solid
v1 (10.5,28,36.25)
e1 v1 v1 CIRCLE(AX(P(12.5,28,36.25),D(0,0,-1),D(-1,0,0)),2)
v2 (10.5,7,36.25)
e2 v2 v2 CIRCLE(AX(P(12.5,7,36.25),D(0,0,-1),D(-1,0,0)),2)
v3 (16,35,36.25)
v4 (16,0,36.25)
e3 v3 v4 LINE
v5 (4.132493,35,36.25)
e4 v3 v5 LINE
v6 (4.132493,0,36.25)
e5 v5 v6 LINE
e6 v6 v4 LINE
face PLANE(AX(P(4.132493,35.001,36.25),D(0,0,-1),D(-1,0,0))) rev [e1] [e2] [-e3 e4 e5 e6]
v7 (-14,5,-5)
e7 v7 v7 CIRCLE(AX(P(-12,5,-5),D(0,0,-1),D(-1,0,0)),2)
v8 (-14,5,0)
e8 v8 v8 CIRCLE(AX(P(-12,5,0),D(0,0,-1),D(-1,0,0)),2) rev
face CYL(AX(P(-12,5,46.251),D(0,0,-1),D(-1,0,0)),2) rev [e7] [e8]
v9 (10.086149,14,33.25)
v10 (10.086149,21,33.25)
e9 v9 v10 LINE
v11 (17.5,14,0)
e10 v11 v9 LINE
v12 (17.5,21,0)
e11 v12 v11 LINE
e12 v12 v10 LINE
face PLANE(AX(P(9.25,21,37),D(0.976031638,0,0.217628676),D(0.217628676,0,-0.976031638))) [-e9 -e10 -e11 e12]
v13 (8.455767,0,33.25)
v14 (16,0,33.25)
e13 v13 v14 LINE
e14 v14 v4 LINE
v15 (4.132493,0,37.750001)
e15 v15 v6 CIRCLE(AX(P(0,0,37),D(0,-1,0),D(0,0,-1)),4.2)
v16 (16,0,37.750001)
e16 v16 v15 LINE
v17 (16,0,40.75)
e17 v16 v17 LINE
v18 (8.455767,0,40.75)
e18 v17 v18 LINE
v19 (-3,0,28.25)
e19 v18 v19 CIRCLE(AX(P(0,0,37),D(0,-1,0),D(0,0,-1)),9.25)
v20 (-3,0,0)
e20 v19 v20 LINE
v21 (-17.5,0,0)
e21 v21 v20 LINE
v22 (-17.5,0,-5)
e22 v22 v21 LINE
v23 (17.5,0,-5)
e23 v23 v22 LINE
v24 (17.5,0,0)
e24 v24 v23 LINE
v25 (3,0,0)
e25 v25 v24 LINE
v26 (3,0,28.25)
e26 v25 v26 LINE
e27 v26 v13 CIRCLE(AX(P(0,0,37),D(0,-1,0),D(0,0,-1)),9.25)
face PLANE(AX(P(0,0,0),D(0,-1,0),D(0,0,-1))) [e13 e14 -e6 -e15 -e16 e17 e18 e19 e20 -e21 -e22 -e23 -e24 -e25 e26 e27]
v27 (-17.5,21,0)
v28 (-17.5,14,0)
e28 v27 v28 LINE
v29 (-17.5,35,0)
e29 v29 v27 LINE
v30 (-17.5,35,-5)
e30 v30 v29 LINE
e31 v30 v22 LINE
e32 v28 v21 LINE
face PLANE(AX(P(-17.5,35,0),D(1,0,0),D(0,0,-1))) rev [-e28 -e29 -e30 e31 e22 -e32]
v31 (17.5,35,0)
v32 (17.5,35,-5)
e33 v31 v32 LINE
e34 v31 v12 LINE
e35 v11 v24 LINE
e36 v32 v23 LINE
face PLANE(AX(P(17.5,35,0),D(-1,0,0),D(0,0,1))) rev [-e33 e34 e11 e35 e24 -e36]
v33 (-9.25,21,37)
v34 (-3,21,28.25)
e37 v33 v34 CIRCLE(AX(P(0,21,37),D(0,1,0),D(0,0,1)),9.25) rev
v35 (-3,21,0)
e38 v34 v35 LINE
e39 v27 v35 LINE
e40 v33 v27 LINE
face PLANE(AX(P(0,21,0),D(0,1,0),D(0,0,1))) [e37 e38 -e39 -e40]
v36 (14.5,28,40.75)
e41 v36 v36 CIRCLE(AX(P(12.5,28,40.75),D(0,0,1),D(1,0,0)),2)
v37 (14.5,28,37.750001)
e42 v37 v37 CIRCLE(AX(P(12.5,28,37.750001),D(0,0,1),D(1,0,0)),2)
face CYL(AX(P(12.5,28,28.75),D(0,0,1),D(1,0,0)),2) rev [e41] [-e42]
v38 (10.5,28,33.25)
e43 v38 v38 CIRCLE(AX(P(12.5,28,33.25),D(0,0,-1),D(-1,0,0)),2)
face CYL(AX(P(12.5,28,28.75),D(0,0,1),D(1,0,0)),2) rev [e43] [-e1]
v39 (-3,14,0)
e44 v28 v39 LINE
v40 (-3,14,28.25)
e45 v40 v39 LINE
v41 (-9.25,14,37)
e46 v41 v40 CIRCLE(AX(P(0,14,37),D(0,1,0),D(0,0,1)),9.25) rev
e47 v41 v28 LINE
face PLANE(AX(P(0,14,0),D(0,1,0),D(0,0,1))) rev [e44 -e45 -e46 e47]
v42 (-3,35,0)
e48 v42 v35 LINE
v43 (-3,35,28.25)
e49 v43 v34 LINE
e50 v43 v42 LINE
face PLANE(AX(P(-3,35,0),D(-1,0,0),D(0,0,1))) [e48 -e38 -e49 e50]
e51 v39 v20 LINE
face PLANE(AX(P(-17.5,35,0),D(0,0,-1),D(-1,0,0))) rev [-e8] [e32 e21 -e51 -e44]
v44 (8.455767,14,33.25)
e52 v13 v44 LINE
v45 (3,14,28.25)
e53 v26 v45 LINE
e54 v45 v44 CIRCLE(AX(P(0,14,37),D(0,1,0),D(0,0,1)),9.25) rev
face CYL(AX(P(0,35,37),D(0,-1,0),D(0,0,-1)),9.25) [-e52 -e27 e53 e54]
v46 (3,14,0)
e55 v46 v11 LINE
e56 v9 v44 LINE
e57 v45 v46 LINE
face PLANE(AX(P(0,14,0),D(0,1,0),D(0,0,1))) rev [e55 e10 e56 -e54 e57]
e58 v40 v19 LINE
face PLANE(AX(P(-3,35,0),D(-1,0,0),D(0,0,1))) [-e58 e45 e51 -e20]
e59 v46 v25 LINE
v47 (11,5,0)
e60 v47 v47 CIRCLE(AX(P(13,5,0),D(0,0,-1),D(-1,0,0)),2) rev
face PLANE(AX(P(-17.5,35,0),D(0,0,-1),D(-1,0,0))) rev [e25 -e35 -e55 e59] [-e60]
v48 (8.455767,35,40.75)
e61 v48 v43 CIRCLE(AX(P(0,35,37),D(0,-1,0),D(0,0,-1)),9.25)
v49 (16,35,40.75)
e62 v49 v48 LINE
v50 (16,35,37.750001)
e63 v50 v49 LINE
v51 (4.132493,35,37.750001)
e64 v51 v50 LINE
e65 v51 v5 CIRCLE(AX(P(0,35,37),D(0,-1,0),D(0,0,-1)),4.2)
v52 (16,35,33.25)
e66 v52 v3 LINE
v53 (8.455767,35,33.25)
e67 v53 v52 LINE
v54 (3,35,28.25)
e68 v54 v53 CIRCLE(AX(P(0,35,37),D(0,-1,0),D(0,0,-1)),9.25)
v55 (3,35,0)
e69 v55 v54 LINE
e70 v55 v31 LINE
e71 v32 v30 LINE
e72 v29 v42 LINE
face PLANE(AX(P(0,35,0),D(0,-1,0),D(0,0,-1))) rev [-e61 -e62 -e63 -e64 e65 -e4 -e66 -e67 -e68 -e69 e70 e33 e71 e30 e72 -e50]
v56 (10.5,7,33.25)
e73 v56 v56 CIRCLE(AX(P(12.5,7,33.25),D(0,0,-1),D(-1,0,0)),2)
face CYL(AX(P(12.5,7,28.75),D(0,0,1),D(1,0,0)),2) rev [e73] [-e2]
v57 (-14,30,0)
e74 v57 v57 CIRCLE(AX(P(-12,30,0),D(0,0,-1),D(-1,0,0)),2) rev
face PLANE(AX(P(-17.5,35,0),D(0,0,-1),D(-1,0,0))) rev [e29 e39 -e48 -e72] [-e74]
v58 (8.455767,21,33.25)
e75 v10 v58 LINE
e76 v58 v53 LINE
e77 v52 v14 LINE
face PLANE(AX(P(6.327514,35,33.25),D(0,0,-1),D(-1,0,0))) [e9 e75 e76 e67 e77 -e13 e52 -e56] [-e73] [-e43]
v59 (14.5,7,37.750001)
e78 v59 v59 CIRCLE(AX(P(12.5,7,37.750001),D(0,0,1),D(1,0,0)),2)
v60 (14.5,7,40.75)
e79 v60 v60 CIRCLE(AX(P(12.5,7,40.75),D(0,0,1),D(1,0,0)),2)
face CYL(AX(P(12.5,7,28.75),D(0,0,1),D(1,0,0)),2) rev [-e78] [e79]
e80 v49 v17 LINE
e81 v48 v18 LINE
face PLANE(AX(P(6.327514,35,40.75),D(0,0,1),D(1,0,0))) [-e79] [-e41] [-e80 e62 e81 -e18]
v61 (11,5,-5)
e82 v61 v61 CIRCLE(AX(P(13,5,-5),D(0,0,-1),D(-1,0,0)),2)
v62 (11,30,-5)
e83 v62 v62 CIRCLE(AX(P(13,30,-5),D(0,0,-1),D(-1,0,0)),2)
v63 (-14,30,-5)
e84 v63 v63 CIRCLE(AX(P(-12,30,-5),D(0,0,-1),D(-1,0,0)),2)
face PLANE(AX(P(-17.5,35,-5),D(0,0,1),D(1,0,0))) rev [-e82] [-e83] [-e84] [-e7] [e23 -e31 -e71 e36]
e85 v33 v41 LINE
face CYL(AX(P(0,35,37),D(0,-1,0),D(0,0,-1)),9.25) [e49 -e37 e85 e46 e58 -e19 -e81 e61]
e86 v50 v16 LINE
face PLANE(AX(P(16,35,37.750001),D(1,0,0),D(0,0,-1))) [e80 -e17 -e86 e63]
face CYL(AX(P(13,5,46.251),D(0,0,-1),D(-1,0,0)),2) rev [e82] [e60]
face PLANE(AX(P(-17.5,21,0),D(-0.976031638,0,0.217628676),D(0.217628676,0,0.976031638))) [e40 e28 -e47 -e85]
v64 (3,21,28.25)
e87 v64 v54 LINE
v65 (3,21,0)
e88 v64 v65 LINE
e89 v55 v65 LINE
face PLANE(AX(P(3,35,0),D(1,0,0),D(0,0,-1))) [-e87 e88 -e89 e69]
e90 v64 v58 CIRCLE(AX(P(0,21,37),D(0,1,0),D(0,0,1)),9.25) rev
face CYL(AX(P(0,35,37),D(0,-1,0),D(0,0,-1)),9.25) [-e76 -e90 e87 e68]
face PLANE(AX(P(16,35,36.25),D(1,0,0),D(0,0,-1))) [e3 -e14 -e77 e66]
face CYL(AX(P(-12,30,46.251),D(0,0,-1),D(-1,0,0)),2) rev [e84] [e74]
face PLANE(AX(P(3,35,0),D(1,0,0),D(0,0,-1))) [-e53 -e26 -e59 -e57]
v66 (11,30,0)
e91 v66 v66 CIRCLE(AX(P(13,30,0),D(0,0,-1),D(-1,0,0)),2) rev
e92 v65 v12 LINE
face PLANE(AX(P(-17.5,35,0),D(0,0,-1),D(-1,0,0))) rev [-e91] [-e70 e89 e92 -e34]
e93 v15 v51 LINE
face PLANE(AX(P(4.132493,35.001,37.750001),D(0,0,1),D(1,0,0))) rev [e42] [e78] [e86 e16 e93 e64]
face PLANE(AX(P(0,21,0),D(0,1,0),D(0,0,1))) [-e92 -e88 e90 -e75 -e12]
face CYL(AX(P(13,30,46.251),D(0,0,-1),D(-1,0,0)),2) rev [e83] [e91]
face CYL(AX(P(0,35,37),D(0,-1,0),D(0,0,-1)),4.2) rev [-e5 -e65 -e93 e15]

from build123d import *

# Parameters (mm, degrees)
SZKIC2_W                    = 35
SZKIC2_H                    = 5
DODANIE_WYCI_GNI_CIE1_DEPTH = 35
SZKIC3_R                    = 9.25
SZKIC3_R_2                  = 4.2
DODANIE_WYCI_GNI_CIE2_DEPTH = 35
SZKIC4_W                    = 6
SZKIC4_H                    = 30.71029356
DODANIE_WYCI_GNI_CIE3_DEPTH = 35
DODANIE_WYCI_GNI_CIE4_START = -14
DODANIE_WYCI_GNI_CIE4_DEPTH = 7
WYTNIJ_WYCI_GNI_CIE1_REACH  = 66.481
SZKIC7_R                    = 2
WYTNIJ_WYCI_GNI_CIE2_REACH  = 62.583
SZKIC8_W                    = 10.637888195
SZKIC8_H                    = 1.500000817
SZKIC11_W                   = 9.672485651
SZKIC11_H                   = 3
SZKIC11_H_2                 = 2.999999183
DODANIE_WYCI_GNI_CIE6_DEPTH = 35
SZKIC12_R                   = 2
WYTNIJ_WYCI_GNI_CIE4_DEPTH  = 12


with BuildPart() as part:
    # Szkic2 → Dodanie-wyciągnięcie1 (new body)
    with BuildSketch(Plane(origin=(0, 0, 0), x_dir=(1, 0, 0), z_dir=(0, 1, 0))):
        with Locations((0, 2.5)):
            Rectangle(SZKIC2_W, SZKIC2_H)
    extrude(amount=DODANIE_WYCI_GNI_CIE1_DEPTH)



with BuildPart() as body_2:
    # Szkic3 → Dodanie-wyciągnięcie2 (new body)
    with BuildSketch(Plane.XZ):
        with Locations(Location((0, 37, 0), (0, 0, 270))):
            Circle(SZKIC3_R)
        with Locations(Location((0, 37, 0), (0, 0, 270))):
            Circle(SZKIC3_R_2, mode=Mode.SUBTRACT)
    extrude(amount=-DODANIE_WYCI_GNI_CIE2_DEPTH)


with BuildPart() as part_1:
    add(part.part)

    add(body_2.part)  # Dodanie-wyciągnięcie3 merges body 2
    # Szkic4 → Dodanie-wyciągnięcie3 (add)
    with BuildSketch(Plane.XZ):
        with Locations((0, 15.35514678)):
            Rectangle(SZKIC4_W, SZKIC4_H)
    extrude(amount=-DODANIE_WYCI_GNI_CIE3_DEPTH)

    # Szkic5 → Dodanie-wyciągnięcie4 (add)
    with BuildSketch(Plane.XZ.offset(DODANIE_WYCI_GNI_CIE4_START)):
        Polygon((0, 0), (-17.5, 0), (-9.25, 37), (-3, 28.25), align=None)
        Polygon((3, 0), (3, 28.25), (9.25, 37), (17.5, 0), align=None)
    extrude(amount=-DODANIE_WYCI_GNI_CIE4_DEPTH)

    # Szkic7 → Wytnij-wyciągnięcie1 (cut, up to next)
    with BuildSketch(Plane(origin=(0, 0, -5), x_dir=(-1, 0, 0), z_dir=(0, 0, -1)), mode=Mode.PRIVATE) as wytnij_wyci_gni_cie1_sk1:
        with Locations((-13, 30)):
            Circle(SZKIC7_R)
    wytnij_wyci_gni_cie1_tool1 = extrude(wytnij_wyci_gni_cie1_sk1.sketch, amount=-WYTNIJ_WYCI_GNI_CIE1_REACH, mode=Mode.PRIVATE) & part_1.part
    # Szkic7 → Wytnij-wyciągnięcie1 (cut, up to next)
    with BuildSketch(Plane(origin=(0, 0, -5), x_dir=(-1, 0, 0), z_dir=(0, 0, -1)), mode=Mode.PRIVATE) as wytnij_wyci_gni_cie1_sk2:
        with Locations((12, 30)):
            Circle(SZKIC7_R)
    wytnij_wyci_gni_cie1_tool2 = extrude(wytnij_wyci_gni_cie1_sk2.sketch, amount=-WYTNIJ_WYCI_GNI_CIE1_REACH, mode=Mode.PRIVATE) & part_1.part
    # Szkic7 → Wytnij-wyciągnięcie1 (cut, up to next)
    with BuildSketch(Plane(origin=(0, 0, -5), x_dir=(-1, 0, 0), z_dir=(0, 0, -1)), mode=Mode.PRIVATE) as wytnij_wyci_gni_cie1_sk3:
        with Locations((12, 5)):
            Circle(SZKIC7_R)
    wytnij_wyci_gni_cie1_tool3 = extrude(wytnij_wyci_gni_cie1_sk3.sketch, amount=-WYTNIJ_WYCI_GNI_CIE1_REACH, mode=Mode.PRIVATE) & part_1.part
    # Szkic7 → Wytnij-wyciągnięcie1 (cut, up to next)
    with BuildSketch(Plane(origin=(0, 0, -5), x_dir=(-1, 0, 0), z_dir=(0, 0, -1)), mode=Mode.PRIVATE) as wytnij_wyci_gni_cie1_sk4:
        with Locations((-13, 5)):
            Circle(SZKIC7_R)
    wytnij_wyci_gni_cie1_tool4 = extrude(wytnij_wyci_gni_cie1_sk4.sketch, amount=-WYTNIJ_WYCI_GNI_CIE1_REACH, mode=Mode.PRIVATE) & part_1.part
    add(wytnij_wyci_gni_cie1_tool1.solids().sort_by_distance((13, 30, -5))[0], mode=Mode.SUBTRACT)
    add(wytnij_wyci_gni_cie1_tool2.solids().sort_by_distance((-12, 30, -5))[0], mode=Mode.SUBTRACT)
    add(wytnij_wyci_gni_cie1_tool3.solids().sort_by_distance((-12, 5, -5))[0], mode=Mode.SUBTRACT)
    add(wytnij_wyci_gni_cie1_tool4.solids().sort_by_distance((13, 5, -5))[0], mode=Mode.SUBTRACT)

    # Szkic8 → Wytnij-wyciągnięcie2 (cut, up to next)
    with BuildSketch(Plane.XZ, mode=Mode.PRIVATE) as wytnij_wyci_gni_cie2_sk1:
        with Locations((9.451437144, 37.000000409)):
            Rectangle(SZKIC8_W, SZKIC8_H)
    wytnij_wyci_gni_cie2_tool1 = extrude(wytnij_wyci_gni_cie2_sk1.sketch, amount=-WYTNIJ_WYCI_GNI_CIE2_REACH, mode=Mode.PRIVATE) & part_1.part
    add(wytnij_wyci_gni_cie2_tool1.solids().sort_by_distance((9.451437, 0, 37))[0], mode=Mode.SUBTRACT)

    # Szkic11 → Dodanie-wyciągnięcie6 (add)
    with BuildSketch(Plane(origin=(0, 0, 0), x_dir=(-1, 0, 0), z_dir=(0, -1, 0))):
        with Locations((-11.163757175, -34.75)):
            Rectangle(SZKIC11_W, SZKIC11_H)
        with Locations((-11.163757175, -39.250000409)):
            Rectangle(SZKIC11_W, SZKIC11_H_2)
    extrude(amount=-DODANIE_WYCI_GNI_CIE6_DEPTH)

    # Szkic12 → Wytnij-wyciągnięcie4 (cut)
    with BuildSketch(Plane.XY.offset(40.75)):
        with Locations((12.5, 28)):
            Circle(SZKIC12_R)
        with Locations((12.5, 7)):
            Circle(SZKIC12_R)
    extrude(amount=-WYTNIJ_WYCI_GNI_CIE4_DEPTH, mode=Mode.SUBTRACT)


solid = part_1.part
